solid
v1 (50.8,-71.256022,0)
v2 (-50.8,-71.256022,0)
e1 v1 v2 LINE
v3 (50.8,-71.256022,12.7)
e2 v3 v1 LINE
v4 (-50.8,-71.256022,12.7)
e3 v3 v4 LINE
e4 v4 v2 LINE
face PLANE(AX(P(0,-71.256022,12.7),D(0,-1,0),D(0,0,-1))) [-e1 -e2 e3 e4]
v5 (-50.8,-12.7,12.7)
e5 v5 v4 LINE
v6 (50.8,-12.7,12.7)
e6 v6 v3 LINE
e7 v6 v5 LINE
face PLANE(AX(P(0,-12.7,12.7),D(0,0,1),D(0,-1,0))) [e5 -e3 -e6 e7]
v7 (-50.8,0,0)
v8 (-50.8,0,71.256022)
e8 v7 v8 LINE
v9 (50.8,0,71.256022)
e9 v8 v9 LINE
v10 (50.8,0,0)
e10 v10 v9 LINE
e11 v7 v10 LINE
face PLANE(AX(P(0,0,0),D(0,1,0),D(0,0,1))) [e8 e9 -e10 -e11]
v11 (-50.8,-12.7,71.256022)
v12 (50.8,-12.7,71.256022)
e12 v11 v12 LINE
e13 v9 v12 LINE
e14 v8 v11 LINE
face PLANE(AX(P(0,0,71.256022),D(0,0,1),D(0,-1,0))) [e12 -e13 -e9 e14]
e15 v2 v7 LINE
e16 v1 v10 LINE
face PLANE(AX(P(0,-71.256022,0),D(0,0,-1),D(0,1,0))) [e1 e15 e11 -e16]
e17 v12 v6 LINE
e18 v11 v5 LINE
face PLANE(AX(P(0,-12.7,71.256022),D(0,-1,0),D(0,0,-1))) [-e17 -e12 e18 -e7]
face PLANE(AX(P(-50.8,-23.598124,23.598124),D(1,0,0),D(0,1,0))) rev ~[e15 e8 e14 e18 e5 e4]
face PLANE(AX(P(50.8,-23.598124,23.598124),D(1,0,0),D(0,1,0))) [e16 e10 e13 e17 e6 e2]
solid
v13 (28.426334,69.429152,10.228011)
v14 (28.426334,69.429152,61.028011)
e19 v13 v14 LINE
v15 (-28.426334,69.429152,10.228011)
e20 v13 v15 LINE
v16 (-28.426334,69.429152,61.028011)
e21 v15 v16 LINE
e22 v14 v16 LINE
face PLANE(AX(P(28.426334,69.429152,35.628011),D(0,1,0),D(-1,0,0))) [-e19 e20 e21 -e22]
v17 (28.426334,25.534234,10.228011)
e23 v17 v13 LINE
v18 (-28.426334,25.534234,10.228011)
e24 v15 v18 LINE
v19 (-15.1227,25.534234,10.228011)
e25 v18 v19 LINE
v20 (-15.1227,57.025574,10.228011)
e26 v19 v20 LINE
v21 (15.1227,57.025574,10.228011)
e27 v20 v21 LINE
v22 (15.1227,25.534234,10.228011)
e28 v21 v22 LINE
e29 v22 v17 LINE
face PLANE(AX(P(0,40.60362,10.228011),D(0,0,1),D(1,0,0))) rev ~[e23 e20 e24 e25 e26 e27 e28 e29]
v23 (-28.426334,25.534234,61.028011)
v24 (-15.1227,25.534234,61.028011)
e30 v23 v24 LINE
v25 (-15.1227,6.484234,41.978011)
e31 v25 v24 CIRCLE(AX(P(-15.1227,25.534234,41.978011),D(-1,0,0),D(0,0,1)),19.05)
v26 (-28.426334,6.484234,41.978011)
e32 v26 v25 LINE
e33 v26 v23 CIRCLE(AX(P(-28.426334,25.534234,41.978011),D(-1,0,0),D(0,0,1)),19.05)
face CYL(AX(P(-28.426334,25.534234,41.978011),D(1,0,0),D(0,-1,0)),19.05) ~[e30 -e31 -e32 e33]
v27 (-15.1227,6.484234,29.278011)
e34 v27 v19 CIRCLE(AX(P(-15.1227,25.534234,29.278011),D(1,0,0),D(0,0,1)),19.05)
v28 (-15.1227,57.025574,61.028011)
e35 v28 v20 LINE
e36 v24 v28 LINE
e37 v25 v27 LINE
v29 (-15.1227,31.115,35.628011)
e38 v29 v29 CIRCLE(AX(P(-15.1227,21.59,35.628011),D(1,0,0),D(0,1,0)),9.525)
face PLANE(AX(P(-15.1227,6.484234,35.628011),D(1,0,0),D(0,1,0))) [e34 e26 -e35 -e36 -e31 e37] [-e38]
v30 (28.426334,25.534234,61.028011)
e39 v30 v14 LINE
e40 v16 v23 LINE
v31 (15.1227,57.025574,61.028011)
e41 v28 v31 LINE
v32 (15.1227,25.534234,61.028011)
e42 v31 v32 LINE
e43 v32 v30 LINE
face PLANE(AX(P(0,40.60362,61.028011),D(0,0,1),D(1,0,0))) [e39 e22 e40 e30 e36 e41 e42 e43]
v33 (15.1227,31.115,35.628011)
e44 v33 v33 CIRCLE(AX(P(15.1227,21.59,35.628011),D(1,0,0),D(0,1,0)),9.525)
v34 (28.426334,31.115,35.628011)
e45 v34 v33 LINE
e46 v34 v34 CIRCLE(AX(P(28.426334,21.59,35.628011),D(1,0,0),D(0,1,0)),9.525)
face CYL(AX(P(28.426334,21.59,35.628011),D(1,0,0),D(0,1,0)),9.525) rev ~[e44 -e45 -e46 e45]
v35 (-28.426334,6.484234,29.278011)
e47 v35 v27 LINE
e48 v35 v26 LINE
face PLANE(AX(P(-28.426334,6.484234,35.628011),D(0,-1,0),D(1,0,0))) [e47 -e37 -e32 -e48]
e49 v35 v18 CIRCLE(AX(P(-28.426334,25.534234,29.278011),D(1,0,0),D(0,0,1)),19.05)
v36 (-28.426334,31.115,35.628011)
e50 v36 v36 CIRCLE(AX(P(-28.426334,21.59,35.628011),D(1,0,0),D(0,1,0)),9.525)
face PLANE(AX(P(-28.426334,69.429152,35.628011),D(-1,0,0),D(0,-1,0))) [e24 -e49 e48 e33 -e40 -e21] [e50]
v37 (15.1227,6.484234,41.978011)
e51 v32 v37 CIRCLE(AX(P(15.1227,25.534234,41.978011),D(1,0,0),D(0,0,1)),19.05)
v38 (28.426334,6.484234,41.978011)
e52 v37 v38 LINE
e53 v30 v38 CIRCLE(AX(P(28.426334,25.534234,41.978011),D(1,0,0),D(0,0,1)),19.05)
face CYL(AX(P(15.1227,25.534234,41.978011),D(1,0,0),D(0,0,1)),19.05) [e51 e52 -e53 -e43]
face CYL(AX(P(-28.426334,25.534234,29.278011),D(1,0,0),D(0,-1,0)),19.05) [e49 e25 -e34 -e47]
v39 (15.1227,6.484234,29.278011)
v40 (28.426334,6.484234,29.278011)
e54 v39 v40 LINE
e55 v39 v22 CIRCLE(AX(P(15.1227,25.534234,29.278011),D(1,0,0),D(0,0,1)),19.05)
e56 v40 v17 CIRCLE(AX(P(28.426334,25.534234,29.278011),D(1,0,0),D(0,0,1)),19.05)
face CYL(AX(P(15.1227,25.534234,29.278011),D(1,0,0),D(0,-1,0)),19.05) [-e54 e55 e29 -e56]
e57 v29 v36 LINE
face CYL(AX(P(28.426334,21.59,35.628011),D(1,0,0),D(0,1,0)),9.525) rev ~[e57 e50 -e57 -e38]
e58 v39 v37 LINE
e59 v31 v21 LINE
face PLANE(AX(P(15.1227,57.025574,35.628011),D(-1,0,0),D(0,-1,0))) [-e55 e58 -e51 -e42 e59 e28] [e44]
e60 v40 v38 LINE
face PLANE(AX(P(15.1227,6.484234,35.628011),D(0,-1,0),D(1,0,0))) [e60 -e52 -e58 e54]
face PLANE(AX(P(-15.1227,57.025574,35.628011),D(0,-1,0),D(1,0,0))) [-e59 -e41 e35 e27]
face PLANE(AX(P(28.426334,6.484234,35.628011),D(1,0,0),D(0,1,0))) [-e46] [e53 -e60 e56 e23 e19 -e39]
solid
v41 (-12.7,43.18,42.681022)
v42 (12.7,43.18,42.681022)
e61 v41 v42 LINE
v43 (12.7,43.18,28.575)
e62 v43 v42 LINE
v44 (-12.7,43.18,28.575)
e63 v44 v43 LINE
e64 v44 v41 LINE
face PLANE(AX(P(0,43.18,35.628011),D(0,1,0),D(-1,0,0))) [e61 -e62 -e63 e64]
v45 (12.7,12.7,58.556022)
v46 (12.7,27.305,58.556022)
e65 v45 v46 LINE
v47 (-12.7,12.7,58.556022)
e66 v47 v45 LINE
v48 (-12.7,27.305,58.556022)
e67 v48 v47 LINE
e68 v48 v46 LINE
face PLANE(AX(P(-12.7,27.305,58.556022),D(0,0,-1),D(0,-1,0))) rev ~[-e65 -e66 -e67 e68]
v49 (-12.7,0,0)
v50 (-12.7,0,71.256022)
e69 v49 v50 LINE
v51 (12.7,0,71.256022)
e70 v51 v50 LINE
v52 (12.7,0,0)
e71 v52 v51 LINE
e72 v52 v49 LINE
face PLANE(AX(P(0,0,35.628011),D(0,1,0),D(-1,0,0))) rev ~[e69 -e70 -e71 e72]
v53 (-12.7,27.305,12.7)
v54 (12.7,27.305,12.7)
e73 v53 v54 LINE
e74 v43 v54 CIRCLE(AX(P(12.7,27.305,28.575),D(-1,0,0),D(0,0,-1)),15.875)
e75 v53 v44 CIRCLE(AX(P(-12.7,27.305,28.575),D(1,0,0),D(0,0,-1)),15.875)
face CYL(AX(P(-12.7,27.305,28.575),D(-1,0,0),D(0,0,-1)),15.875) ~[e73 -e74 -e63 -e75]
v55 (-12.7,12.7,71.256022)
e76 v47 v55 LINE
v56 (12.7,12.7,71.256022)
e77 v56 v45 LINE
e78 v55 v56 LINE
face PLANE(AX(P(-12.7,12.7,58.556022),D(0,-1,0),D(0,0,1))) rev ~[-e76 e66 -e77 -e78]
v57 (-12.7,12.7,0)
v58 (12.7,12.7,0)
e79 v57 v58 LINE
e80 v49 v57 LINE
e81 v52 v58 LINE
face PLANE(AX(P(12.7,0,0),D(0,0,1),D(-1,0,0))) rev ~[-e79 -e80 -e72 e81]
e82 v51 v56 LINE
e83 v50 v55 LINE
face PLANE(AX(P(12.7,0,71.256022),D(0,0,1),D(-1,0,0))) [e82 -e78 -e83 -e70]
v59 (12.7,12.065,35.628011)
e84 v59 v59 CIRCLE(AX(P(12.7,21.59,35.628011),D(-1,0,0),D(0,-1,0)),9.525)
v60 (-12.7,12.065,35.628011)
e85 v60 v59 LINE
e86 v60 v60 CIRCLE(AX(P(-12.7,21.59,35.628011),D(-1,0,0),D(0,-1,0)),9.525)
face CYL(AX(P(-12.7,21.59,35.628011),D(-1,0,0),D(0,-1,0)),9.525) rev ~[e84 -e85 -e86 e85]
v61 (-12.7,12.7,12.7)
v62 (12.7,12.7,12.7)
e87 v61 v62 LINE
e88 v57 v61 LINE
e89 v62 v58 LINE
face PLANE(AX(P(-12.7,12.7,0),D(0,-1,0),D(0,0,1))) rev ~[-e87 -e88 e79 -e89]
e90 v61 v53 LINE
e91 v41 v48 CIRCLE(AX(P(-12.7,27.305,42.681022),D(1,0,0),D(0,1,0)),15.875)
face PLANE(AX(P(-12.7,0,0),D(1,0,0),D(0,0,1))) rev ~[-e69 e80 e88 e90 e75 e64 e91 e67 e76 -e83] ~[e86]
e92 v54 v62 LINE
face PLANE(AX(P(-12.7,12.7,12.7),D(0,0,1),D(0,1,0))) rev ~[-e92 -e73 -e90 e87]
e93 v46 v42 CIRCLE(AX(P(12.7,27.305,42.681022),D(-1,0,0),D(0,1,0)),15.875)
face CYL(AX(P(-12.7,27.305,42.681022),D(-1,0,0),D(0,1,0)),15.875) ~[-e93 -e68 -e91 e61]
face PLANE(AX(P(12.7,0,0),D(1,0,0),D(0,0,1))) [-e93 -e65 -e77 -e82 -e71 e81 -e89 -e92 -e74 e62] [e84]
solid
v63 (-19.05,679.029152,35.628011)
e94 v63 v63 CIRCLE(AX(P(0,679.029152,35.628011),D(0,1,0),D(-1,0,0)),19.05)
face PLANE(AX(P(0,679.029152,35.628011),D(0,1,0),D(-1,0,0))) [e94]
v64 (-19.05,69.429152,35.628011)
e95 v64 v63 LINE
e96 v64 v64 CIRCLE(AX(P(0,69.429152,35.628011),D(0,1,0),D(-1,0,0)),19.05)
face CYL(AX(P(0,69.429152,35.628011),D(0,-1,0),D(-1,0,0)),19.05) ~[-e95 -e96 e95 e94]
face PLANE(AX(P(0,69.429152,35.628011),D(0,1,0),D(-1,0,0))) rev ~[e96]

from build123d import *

# Parameters (mm, degrees)
F1_DEPTH  = 50.8
F2_W      = 25.4
F2_H      = 71.2560223817
F3_DEPTH  = 43.18
F4_R      = 9.525
F5_DEPTH  = 63.501
F7_DEPTH  = 63.501
F10_DEPTH = 25.4
F11_R     = 19.05
F12_R     = 9.525
F13_DEPTH = 79.2273342619
F14_R     = 19.05
F15_DEPTH = 609.6


with BuildPart() as f1:
    # F0 (on Right) → F1 (new body, symmetric)
    with BuildSketch(Plane.YZ):
        Polygon((-71.2560223817, 0), (0, 0), (0, 71.2560223817), (-12.7, 71.2560223817), (-12.7, 12.7), (-71.2560223817, 12.7), align=None)
    extrude(amount=F1_DEPTH, both=True)


with BuildPart() as f3:
    # F2 (on face) → F3 (new body)
    with BuildSketch(Plane(origin=(0, 0, 0), x_dir=(-1, 0, 0), z_dir=(0, 1, 0))):
        with Locations((0, 35.6280111909)):
            Rectangle(F2_W, F2_H)
    extrude(amount=F3_DEPTH)

    # F4 (on face) → F5 (cut, through all)
    with BuildSketch(Plane(origin=(-12.7, 0, 0), x_dir=(0, -1, 0), z_dir=(-1, 0, 0))):
        with Locations((-21.59, 35.6280111909)):
            Circle(F4_R)
    extrude(amount=-F5_DEPTH, mode=Mode.SUBTRACT)

    # F6 (on face) → F7 (cut, through all)
    with BuildSketch(Plane(origin=(-12.7, 0, 0), x_dir=(0, -1, 0), z_dir=(-1, 0, 0))):
        with BuildLine():
            ThreePointArc((-27.305, 12.7), (-38.5303201513, 17.3496798487), (-43.18, 28.575))
            Line((-43.18, 28.575), (-43.18, 0))
            Line((-43.18, 0), (-12.7, 0))
            Line((-12.7, 0), (-12.7, 12.7))
            Line((-12.7, 12.7), (-27.305, 12.7))
        make_face()
        with BuildLine():
            Line((-12.7, 58.5560223817), (-12.7, 71.2560223817))
            Line((-12.7, 71.2560223817), (-43.18, 71.2560223817))
            Line((-43.18, 71.2560223817), (-43.18, 42.6810223817))
            ThreePointArc((-43.18, 42.6810223817), (-38.5303201513, 53.9063425331), (-27.305, 58.5560223817))
            Line((-27.305, 58.5560223817), (-12.7, 58.5560223817))
        make_face()
    extrude(amount=-F7_DEPTH, mode=Mode.SUBTRACT)


with BuildPart() as f10:
    # F9 (on mid) → F10 (new body, symmetric)
    with BuildSketch(Plane.XY.offset(35.6280111909)):
        Polygon((15.1226995513, 57.0255741477), (15.1226995513, 6.4842337742), (28.4263342619, 6.4842337742), (28.4263342619, 69.4291517138), (-28.4263342619, 69.4291517138), (-28.4263342619, 6.4842337742), (-15.1226995513, 6.4842337742), (-15.1226995513, 57.0255741477), align=None)
    extrude(amount=F10_DEPTH, both=True)

    # F11
    f11_edges = [f10.edges().sort_by_distance(p)[0] for p in [
        (21.774517, 6.484234, 61.028011),
        (-21.774517, 6.484234, 61.028011),
        (21.774517, 6.484234, 10.228011),
        (-21.774517, 6.484234, 10.228011),
    ]]
    fillet(f11_edges, radius=F11_R)

    # F12 (on face) → F13 (cut, through all)
    with BuildSketch(Plane.YZ.offset(28.4263342619)):
        with Locations((21.59, 35.6280111909)):
            Circle(F12_R)
    extrude(amount=-F13_DEPTH, mode=Mode.SUBTRACT)


with BuildPart() as f15:
    # F14 (on face) → F15 (new body)
    with BuildSketch(Plane(origin=(0, 69.4291517138, 0), x_dir=(-1, 0, 0), z_dir=(0, 1, 0))):
        with Locations((0, 35.6280111909)):
            Circle(F14_R)
    extrude(amount=F15_DEPTH)


solid = Compound([f1.part, f3.part, f10.part, f15.part])
